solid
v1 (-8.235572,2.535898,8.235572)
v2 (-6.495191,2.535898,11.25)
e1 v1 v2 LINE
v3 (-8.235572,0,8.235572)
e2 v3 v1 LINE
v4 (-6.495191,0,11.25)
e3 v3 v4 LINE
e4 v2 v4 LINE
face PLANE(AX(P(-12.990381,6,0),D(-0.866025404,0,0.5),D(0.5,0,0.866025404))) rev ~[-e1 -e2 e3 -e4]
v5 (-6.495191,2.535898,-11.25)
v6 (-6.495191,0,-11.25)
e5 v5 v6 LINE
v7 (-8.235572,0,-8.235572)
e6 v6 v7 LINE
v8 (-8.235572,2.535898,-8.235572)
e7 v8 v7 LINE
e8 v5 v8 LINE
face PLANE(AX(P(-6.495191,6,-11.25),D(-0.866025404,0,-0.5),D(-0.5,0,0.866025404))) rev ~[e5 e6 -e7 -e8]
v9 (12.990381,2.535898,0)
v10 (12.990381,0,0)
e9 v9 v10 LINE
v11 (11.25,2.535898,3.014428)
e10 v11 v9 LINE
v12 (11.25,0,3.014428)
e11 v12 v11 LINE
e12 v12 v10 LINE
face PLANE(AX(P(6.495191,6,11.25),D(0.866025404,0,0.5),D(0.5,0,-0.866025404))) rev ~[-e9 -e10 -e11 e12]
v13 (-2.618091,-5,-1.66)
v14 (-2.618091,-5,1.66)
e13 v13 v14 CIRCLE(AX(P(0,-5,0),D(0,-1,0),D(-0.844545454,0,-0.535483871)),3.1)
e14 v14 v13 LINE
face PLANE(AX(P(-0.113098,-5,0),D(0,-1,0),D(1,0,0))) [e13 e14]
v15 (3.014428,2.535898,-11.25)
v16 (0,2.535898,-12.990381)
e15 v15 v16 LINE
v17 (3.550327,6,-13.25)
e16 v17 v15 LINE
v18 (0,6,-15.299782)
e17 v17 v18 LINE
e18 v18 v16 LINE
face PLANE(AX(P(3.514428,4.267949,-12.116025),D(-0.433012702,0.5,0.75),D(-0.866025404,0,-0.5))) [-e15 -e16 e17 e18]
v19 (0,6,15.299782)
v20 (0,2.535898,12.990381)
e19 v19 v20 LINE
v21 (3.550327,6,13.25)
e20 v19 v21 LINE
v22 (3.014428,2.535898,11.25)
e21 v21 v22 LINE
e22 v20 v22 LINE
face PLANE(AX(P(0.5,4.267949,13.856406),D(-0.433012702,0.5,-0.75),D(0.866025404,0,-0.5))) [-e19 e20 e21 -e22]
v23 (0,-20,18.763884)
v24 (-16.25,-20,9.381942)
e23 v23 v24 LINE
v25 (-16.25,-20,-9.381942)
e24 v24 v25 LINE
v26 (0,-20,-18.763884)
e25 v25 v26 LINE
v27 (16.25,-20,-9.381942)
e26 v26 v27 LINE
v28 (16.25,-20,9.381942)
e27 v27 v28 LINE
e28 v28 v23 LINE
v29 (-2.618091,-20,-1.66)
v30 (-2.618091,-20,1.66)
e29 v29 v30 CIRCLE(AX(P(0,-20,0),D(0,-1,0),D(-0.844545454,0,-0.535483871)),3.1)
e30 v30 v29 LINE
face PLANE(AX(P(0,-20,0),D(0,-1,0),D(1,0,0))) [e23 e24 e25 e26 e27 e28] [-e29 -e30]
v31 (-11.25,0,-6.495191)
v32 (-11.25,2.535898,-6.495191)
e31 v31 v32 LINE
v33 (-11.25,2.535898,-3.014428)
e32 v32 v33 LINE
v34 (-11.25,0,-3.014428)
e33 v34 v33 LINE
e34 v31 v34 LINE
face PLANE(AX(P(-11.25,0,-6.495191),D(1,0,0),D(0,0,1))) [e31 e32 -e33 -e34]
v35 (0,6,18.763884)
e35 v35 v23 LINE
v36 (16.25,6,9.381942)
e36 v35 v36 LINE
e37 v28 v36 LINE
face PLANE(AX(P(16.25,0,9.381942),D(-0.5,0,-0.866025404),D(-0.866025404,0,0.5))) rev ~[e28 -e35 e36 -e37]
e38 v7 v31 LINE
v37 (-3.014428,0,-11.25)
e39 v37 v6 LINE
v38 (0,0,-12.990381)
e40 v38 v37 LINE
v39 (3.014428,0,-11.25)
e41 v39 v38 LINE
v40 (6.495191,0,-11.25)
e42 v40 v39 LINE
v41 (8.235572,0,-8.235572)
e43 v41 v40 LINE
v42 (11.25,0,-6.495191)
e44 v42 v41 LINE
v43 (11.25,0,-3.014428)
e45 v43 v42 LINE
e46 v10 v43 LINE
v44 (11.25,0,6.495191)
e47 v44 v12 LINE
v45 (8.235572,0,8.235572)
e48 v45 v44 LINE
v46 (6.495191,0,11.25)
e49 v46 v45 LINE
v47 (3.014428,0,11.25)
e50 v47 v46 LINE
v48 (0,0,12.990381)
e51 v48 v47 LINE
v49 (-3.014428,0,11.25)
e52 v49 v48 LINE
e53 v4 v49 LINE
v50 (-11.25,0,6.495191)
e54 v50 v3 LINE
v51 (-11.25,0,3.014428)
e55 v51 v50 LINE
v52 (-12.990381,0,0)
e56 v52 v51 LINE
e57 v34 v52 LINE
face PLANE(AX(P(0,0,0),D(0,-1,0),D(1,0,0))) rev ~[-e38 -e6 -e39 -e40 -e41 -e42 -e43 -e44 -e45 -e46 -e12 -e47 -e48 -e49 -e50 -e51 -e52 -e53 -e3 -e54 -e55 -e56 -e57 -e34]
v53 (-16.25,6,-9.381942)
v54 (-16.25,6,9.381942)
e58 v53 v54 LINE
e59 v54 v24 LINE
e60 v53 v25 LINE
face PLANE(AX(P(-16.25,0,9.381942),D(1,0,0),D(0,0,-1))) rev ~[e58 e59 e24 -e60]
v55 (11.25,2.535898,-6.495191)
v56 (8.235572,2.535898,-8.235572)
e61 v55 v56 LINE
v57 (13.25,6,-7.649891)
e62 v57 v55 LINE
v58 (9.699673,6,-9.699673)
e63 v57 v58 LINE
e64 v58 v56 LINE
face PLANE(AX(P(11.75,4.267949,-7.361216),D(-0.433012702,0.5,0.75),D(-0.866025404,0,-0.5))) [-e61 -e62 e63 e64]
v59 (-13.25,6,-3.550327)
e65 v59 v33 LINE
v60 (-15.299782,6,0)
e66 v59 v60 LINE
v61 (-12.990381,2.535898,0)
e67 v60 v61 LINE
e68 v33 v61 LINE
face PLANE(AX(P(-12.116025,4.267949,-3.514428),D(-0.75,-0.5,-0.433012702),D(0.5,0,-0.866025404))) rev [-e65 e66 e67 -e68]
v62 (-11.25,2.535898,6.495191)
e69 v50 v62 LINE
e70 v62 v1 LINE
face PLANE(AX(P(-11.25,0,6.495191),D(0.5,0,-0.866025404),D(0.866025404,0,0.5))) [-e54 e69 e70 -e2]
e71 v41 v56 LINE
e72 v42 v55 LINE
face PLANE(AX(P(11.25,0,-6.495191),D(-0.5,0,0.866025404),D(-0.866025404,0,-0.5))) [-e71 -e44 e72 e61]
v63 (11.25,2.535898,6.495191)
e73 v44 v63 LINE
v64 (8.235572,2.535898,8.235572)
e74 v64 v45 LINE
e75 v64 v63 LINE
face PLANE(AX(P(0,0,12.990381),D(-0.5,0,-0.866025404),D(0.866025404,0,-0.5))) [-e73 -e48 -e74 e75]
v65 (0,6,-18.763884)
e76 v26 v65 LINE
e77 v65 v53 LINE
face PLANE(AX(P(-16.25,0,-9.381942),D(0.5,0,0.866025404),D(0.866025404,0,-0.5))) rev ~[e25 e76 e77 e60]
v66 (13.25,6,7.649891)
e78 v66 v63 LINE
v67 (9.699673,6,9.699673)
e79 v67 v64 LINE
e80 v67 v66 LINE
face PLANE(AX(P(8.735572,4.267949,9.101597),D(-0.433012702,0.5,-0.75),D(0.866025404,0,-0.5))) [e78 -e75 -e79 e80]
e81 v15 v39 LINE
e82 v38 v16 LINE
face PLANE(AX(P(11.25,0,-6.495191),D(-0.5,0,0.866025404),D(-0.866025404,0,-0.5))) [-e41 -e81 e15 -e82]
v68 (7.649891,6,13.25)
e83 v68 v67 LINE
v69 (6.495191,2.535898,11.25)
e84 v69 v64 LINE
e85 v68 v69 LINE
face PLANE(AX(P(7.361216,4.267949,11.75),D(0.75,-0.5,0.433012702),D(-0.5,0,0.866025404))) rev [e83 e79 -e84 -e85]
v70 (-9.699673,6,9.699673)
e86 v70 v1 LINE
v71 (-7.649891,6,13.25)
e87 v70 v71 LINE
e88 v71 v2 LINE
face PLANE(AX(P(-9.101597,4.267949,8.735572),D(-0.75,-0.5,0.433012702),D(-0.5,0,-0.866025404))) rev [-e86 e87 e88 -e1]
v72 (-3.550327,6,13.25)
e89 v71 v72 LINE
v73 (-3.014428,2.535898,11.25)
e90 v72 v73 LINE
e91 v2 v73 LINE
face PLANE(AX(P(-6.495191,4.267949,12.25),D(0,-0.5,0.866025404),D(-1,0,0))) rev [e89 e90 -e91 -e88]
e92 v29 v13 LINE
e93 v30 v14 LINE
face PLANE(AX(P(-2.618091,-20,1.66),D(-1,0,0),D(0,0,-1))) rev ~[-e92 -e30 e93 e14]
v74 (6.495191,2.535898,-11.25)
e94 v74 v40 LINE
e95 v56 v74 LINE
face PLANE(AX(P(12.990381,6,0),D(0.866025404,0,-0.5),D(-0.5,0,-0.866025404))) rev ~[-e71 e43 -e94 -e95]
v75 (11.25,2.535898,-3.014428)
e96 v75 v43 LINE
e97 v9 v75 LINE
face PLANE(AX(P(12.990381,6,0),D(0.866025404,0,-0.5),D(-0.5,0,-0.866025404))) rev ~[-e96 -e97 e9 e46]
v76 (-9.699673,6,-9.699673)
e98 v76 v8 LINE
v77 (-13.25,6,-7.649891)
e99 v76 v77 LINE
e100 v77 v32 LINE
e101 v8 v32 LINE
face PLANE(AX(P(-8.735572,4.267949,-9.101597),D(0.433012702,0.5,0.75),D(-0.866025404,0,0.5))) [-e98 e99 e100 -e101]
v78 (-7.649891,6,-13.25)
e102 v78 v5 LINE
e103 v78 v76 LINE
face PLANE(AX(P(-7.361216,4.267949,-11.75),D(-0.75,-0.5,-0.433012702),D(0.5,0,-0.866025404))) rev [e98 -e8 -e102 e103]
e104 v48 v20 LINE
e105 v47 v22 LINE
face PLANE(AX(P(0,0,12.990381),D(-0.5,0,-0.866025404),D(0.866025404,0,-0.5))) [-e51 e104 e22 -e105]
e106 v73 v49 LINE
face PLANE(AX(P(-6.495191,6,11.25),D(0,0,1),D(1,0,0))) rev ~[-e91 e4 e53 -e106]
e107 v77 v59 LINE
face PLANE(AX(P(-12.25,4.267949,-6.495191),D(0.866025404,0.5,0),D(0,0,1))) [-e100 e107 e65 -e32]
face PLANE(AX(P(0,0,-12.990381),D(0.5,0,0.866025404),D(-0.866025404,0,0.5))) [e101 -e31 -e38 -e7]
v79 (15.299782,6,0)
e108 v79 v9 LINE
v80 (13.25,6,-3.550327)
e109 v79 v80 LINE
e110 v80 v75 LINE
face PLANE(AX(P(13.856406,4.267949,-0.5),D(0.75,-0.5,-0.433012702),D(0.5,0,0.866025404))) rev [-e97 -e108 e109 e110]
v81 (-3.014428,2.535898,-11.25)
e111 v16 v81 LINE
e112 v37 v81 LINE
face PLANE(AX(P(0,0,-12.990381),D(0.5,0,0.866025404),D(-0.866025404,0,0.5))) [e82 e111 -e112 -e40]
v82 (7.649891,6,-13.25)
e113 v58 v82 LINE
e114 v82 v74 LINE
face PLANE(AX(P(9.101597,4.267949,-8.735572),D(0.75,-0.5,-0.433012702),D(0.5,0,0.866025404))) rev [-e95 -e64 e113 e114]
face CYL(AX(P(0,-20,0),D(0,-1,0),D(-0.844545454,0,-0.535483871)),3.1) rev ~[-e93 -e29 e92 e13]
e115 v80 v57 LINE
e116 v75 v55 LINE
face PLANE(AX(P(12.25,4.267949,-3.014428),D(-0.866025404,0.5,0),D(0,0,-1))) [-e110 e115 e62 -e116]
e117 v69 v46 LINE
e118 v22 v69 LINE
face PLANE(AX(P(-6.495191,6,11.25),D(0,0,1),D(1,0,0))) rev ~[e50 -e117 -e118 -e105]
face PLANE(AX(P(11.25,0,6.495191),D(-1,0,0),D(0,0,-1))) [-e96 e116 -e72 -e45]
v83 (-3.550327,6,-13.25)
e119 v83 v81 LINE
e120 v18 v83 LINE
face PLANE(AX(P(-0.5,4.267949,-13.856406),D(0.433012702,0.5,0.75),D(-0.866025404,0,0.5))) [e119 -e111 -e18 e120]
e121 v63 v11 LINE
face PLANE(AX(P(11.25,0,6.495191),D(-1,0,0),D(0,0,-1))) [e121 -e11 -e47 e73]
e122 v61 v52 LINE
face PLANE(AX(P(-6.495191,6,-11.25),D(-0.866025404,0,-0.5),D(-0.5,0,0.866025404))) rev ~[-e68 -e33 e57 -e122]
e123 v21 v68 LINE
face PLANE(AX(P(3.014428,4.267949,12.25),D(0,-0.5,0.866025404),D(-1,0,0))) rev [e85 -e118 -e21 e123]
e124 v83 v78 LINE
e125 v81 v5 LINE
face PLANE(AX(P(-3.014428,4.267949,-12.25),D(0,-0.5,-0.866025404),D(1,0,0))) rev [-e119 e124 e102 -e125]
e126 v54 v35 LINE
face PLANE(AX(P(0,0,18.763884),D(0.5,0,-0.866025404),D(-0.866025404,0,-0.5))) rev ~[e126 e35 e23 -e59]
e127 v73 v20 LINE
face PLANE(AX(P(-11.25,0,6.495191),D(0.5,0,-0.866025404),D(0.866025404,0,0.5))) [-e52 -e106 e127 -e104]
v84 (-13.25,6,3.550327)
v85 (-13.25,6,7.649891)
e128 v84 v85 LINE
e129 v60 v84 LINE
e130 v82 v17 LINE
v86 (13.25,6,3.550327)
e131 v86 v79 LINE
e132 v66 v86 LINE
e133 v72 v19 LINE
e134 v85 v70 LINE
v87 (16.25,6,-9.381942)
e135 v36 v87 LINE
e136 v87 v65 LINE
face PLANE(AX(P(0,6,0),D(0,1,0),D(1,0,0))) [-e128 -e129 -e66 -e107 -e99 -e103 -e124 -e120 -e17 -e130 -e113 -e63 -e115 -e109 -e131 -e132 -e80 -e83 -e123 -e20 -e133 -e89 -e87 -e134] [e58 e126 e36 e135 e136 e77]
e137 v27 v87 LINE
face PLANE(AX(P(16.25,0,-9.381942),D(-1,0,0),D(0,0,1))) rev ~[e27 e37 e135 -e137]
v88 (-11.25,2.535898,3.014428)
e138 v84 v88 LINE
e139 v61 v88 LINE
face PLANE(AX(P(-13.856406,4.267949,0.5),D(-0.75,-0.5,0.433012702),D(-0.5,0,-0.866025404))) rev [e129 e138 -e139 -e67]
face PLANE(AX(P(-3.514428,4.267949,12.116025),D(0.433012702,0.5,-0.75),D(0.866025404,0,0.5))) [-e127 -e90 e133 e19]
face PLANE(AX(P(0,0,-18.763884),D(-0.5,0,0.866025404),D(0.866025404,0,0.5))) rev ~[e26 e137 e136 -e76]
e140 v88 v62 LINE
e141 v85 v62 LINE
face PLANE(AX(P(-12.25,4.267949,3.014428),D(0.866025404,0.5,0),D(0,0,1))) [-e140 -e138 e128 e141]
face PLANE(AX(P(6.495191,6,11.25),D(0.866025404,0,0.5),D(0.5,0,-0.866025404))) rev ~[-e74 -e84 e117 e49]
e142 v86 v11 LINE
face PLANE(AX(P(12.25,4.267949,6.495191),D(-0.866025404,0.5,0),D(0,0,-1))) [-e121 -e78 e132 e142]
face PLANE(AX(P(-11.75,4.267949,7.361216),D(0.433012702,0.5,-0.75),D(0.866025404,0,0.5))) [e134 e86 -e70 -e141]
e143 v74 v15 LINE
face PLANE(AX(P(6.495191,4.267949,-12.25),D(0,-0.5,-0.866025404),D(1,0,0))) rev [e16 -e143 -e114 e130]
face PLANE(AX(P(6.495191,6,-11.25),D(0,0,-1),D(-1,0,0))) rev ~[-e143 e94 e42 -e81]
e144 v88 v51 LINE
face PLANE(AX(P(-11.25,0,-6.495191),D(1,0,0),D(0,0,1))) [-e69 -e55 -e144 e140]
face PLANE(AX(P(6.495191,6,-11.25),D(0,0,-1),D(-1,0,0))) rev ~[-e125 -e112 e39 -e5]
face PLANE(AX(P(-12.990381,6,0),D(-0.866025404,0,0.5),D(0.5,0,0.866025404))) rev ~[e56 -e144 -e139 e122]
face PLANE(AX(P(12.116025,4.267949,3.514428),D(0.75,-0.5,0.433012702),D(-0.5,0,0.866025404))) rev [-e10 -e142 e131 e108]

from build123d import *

# Parameters (mm, degrees)
BOSS_EXTRUDE1_DEPTH = 6
BOSS_EXTRUDE4_DEPTH = 20
CUT_EXTRUDE2_DEPTH  = 15
CUT_EXTRUDE3_DEPTH  = 6
CHAMFER2_SIZE       = 2
CHAMFER2_SIZE2      = 3.464101615


with BuildPart() as part:
    # Sketch1 → Boss-Extrude1 (new body)
    with BuildSketch(Plane(origin=(0, 0, 0), x_dir=(1, 0, 0), z_dir=(0, 1, 0))):
        Polygon((16.25, 9.381941874), (0, 18.763883749), (-16.25, 9.381941874), (-16.25, -9.381941874), (0, -18.763883749), (16.25, -9.381941874), align=None)
        Polygon((11.25, 6.495190528), (0, 12.990381057), (-11.25, 6.495190528), (-11.25, -6.495190528), (0, -12.990381057), (11.25, -6.495190528), align=None, mode=Mode.SUBTRACT)
    extrude(amount=BOSS_EXTRUDE1_DEPTH)

    # Sketch5 → Boss-Extrude4 (add)
    with BuildSketch(Plane.XZ):
        Polygon((16.25, 9.381941874), (0, 18.763883749), (-16.25, 9.381941874), (-16.25, -9.381941874), (0, -18.763883749), (16.25, -9.381941874), align=None)
    extrude(amount=BOSS_EXTRUDE4_DEPTH)

    # Sketch6 → Cut-Extrude2 (cut)
    with BuildSketch(Plane.XZ.offset(20)):
        with BuildLine():
            Line((-2.618090908, 1.66), (-2.618090908, -1.66))
            ThreePointArc((-2.618090908, -1.66), (3.1, 0), (-2.618090908, 1.66))
        make_face()
    extrude(amount=-CUT_EXTRUDE2_DEPTH, mode=Mode.SUBTRACT)

    # Sketch7 → Cut-Extrude3 (cut)
    with BuildSketch(Plane(origin=(0, 6, 0), x_dir=(1, 0, 0), z_dir=(0, 1, 0))):
        Polygon((-6.495190528, 11.25), (-12.990381057, 0), (-6.495190528, -11.25), (6.495190528, -11.25), (12.990381057, 0), (6.495190528, 11.25), align=None)
    extrude(amount=-CUT_EXTRUDE3_DEPTH, mode=Mode.SUBTRACT)

    # Chamfer2
    chamfer2_edges = [part.edges().sort_by_distance(p)[0] for p in [
        (4.754809472, 6, 11.25),
        (7.365381057, 6, 9.742785793),
        (11.25, 6, 4.754809472),
        (9.742785793, 6, -7.365381057),
        (-1.507214207, 6, -12.120190528),
        (-11.25, 6, -4.754809472),
        (-9.742785793, 6, 7.365381057),
        (1.507214207, 6, 12.120190528),
        (9.742785793, 6, 7.365381057),
        (-1.507214207, 6, 12.120190528),
        (-11.25, 6, 4.754809472),
        (-9.742785793, 6, -7.365381057),
        (1.507214207, 6, -12.120190528),
        (11.25, 6, -4.754809472),
        (12.120190528, 6, 1.507214207),
        (12.120190528, 6, -1.507214207),
        (7.365381057, 6, -9.742785793),
        (4.754809472, 6, -11.25),
        (-4.754809472, 6, -11.25),
        (-7.365381057, 6, -9.742785793),
        (-12.120190528, 6, -1.507214207),
        (-12.120190528, 6, 1.507214207),
        (-7.365381057, 6, 9.742785793),
        (-4.754809472, 6, 11.25),
    ]]
    chamfer2_side = [part.faces().sort_by_distance(p)[0] for p in [
        (7.87677715, 6, -13.642978223),
    ]]
    chamfer(chamfer2_edges, length=CHAMFER2_SIZE, length2=CHAMFER2_SIZE2, reference=chamfer2_side[0])


solid = part.part
